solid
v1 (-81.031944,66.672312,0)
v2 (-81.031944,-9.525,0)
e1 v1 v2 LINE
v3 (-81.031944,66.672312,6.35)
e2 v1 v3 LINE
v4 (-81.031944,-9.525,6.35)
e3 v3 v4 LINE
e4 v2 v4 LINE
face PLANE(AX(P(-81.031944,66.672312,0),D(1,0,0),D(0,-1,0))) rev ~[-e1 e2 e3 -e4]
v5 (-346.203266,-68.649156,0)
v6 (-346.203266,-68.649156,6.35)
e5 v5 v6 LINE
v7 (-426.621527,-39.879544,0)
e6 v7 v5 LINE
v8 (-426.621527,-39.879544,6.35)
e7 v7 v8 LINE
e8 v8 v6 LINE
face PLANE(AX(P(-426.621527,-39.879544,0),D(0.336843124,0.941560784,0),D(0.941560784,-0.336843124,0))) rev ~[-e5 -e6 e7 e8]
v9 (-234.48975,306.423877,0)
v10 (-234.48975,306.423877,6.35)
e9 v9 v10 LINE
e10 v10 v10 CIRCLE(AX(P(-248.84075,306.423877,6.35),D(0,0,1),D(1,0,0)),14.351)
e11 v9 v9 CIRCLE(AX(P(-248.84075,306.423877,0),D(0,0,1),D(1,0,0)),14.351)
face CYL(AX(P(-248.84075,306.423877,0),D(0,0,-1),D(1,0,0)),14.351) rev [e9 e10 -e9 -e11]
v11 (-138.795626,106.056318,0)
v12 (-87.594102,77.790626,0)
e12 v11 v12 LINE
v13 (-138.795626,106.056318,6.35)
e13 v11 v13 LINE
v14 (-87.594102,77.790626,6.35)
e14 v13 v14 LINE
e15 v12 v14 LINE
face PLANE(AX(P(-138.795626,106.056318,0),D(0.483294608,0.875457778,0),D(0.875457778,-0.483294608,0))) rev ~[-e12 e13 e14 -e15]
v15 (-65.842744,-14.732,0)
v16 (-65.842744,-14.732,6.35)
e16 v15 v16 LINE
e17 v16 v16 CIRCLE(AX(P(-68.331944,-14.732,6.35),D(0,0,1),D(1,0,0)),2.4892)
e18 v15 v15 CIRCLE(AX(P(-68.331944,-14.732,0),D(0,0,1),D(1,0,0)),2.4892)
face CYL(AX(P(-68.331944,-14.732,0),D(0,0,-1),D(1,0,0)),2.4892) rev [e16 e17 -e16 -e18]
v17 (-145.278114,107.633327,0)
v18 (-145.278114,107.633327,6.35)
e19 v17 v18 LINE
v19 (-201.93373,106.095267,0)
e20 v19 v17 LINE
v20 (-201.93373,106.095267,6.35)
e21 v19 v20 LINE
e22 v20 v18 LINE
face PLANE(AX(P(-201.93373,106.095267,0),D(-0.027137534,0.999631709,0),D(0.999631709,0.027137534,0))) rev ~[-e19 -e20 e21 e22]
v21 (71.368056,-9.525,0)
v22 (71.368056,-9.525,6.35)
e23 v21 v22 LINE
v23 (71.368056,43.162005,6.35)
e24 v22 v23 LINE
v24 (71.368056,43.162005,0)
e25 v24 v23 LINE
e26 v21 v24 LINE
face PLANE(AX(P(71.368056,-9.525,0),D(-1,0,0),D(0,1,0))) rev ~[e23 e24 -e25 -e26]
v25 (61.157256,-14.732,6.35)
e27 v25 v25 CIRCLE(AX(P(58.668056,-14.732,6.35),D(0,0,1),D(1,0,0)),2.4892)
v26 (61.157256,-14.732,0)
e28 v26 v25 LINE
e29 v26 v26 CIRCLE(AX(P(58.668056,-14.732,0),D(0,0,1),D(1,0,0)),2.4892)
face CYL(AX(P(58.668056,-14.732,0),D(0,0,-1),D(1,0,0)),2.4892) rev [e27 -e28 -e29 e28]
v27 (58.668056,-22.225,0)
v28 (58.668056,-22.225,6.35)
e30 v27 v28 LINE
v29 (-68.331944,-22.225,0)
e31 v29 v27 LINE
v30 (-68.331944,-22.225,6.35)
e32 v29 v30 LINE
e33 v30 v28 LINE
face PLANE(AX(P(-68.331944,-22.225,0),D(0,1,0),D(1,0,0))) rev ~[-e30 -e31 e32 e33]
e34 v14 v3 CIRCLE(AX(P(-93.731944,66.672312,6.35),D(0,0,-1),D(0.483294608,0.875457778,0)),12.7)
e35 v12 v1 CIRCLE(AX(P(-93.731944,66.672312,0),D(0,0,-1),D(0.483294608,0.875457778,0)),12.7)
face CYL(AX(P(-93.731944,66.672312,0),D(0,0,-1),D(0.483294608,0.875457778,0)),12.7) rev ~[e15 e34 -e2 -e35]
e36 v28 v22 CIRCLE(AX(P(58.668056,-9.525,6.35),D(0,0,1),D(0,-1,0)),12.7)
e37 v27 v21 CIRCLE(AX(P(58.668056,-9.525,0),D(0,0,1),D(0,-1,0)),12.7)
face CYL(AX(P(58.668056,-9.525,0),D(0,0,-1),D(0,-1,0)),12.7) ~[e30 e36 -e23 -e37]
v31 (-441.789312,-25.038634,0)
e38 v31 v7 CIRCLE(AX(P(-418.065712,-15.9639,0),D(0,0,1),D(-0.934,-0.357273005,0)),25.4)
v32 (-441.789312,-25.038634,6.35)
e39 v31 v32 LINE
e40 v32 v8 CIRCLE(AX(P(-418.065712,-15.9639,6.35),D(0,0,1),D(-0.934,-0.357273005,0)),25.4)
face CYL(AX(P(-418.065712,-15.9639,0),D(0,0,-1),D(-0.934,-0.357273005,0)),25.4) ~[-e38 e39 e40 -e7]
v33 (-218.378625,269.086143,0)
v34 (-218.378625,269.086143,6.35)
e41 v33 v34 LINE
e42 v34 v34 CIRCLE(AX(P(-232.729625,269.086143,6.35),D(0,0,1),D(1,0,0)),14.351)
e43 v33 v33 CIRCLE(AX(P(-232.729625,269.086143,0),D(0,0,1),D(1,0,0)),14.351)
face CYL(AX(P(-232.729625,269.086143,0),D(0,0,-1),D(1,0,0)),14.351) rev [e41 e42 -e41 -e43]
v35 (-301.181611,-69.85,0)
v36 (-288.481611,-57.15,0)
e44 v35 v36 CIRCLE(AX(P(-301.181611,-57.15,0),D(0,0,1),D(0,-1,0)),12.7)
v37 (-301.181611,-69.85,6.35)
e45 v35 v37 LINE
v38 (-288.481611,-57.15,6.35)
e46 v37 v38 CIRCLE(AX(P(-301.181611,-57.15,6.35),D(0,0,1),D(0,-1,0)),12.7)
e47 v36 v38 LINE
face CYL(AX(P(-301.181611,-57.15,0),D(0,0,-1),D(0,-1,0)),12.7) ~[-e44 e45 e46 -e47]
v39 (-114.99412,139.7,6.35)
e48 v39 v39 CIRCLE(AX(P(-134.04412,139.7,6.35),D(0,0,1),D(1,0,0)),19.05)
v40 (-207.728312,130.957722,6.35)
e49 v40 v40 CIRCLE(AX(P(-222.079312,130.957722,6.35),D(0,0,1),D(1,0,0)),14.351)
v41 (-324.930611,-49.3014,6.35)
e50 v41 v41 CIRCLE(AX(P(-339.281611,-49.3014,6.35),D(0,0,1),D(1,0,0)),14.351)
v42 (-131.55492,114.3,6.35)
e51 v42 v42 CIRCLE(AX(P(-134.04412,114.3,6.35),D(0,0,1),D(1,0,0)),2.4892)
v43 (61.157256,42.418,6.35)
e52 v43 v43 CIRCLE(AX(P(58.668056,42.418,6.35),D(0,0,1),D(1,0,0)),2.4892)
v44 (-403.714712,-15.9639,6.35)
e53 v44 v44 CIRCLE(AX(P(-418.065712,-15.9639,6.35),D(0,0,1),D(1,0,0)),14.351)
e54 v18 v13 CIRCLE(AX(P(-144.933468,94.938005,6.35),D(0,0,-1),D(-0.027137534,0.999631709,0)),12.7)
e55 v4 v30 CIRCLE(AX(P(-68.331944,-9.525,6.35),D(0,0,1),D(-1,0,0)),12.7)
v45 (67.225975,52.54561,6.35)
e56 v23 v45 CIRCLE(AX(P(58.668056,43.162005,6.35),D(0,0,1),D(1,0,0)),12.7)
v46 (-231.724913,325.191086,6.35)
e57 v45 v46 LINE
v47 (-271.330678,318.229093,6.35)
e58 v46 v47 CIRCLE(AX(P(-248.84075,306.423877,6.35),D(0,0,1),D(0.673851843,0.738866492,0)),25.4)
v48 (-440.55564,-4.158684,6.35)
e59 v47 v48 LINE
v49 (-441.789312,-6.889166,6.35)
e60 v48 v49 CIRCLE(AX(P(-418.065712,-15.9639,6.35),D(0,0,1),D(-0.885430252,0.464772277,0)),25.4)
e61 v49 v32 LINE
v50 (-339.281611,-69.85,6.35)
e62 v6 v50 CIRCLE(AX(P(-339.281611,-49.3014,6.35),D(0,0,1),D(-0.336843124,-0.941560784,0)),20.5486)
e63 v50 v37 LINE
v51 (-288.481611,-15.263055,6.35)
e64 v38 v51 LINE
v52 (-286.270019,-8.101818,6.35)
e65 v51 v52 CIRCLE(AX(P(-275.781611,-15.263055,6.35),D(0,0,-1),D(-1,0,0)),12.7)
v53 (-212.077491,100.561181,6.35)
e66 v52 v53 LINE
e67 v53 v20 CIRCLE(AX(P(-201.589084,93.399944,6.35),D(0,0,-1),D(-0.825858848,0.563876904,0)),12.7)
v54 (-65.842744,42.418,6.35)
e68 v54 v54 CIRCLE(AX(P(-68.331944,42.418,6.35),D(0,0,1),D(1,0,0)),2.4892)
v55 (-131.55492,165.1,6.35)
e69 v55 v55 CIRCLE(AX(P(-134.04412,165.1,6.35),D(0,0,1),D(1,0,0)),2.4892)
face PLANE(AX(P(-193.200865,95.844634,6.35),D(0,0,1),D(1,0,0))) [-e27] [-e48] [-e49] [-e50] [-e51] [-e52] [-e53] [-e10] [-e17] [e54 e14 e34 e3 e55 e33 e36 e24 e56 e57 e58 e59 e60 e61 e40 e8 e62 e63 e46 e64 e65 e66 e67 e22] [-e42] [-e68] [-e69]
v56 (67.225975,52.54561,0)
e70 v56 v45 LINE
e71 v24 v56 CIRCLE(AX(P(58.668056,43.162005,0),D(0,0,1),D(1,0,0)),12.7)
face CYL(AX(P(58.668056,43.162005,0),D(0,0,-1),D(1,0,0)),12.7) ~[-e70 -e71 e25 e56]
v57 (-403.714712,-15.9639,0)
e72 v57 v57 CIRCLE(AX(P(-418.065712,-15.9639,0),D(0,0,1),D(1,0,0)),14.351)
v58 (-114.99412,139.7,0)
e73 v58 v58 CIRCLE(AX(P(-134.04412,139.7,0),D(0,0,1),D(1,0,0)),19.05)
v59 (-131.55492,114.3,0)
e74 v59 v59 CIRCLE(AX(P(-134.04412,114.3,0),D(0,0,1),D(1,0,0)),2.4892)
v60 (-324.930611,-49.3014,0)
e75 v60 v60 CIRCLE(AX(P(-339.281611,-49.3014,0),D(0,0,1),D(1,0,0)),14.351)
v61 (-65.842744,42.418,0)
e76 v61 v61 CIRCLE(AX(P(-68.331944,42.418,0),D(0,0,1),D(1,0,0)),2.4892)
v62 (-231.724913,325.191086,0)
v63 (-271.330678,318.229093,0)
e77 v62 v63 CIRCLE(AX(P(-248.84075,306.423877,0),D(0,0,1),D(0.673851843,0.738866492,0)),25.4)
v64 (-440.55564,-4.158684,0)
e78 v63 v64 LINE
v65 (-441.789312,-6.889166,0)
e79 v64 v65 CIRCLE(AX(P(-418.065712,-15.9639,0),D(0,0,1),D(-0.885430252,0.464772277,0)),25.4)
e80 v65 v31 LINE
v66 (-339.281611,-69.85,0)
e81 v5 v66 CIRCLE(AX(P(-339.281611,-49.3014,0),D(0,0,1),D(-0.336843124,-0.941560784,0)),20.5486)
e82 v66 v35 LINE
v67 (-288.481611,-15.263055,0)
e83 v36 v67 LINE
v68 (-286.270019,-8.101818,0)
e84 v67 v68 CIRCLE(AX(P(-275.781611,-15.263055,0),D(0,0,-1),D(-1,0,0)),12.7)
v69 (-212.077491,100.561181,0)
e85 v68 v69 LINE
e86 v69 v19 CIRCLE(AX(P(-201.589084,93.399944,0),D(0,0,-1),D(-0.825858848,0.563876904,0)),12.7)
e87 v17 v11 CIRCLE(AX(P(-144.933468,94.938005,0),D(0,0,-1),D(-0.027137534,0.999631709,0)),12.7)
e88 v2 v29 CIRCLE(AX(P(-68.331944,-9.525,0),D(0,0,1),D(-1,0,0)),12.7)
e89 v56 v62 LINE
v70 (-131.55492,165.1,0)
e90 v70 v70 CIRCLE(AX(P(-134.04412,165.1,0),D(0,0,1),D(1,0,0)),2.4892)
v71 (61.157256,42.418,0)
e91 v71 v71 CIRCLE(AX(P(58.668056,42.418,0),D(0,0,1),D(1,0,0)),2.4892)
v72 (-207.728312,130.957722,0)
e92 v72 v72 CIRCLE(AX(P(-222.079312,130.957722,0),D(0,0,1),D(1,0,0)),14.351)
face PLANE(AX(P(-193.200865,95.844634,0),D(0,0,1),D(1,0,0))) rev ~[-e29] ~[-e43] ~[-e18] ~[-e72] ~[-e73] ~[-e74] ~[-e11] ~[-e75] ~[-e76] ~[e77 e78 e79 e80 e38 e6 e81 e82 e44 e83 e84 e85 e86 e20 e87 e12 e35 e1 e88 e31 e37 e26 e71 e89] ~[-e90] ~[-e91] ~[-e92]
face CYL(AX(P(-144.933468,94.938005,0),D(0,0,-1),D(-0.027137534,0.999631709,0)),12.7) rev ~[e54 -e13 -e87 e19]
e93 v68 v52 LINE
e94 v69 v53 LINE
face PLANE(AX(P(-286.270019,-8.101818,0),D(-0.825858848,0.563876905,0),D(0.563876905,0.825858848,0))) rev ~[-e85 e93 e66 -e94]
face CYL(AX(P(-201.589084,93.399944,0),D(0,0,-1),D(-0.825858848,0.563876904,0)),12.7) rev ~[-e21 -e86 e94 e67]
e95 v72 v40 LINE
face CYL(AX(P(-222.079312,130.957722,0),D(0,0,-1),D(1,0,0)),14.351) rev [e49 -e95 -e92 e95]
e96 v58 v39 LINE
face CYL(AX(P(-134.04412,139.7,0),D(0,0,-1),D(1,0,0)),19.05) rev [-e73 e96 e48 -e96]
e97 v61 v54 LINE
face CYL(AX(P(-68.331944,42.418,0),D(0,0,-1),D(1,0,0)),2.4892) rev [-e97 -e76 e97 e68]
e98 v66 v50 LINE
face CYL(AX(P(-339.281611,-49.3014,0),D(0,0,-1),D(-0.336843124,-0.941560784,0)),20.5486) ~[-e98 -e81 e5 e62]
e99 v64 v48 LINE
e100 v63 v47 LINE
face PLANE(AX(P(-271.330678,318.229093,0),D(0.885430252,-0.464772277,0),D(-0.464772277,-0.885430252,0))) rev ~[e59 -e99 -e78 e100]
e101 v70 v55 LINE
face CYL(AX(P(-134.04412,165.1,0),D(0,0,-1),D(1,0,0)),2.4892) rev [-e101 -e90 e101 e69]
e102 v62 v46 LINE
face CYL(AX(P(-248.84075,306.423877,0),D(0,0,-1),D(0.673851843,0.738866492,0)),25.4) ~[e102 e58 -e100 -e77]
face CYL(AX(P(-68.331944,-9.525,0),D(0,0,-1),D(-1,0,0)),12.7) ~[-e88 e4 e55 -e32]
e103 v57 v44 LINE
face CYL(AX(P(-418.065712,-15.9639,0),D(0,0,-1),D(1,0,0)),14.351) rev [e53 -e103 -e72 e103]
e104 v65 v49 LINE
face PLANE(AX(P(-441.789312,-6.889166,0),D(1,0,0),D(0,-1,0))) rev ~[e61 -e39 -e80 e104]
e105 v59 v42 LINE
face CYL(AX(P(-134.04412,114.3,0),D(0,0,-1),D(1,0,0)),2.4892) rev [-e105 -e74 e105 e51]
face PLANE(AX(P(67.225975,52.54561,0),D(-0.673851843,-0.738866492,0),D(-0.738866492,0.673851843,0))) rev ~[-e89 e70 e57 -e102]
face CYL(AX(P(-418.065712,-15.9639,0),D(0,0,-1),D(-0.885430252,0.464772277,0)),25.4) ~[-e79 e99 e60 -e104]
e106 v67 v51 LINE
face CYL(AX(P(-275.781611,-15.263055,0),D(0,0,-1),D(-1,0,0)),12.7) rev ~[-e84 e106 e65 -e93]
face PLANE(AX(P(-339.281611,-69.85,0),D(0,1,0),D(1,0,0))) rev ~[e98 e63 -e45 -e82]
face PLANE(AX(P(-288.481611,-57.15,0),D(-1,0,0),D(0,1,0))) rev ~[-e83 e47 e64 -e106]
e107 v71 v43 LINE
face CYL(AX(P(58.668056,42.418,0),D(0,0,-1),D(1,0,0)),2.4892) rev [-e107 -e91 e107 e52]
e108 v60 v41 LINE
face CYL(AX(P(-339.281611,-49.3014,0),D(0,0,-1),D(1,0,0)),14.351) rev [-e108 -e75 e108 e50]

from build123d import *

# Parameters (mm, degrees)
MODEL_R             = 2.4892
MODEL_R_2           = 14.351
MODEL_R_3           = 19.05
BOSS_EXTRUDE1_DEPTH = 6.35


with BuildPart() as part:
    # Model → Boss-Extrude1 (new body)
    with BuildSketch(Plane.XY):
        with BuildLine():
            Line((-441.789312, -6.889165677), (-441.789312, -25.038634323))
            ThreePointArc((-441.789312, -25.038634323), (-435.829532347, -34.118973304), (-426.62152736, -39.879543908))
            Line((-426.62152736, -39.879543908), (-346.203265936, -68.649155922))
            ThreePointArc((-346.203265936, -68.649155922), (-342.794136372, -69.547563331), (-339.28161131, -69.85))
            Line((-339.28161131, -69.85), (-301.18161131, -69.85))
            ThreePointArc((-301.18161131, -69.85), (-292.201355189, -66.130256121), (-288.48161131, -57.15))
            Line((-288.48161131, -57.15), (-288.48161131, -15.263054603))
            ThreePointArc((-288.48161131, -15.263054603), (-287.916123528, -11.515573687), (-286.270018677, -8.101817916))
            Line((-286.270018677, -8.101817916), (-212.077490922, 100.561181044))
            ThreePointArc((-212.077490922, 100.561181044), (-207.671459082, 104.548698007), (-201.933730241, 106.095267065))
            Line((-201.933730241, 106.095267065), (-145.278114328, 107.633327242))
            ThreePointArc((-145.278114328, 107.633327242), (-141.931465661, 107.278101134), (-138.795626118, 106.056318319))
            Line((-138.795626118, 106.056318319), (-87.594102076, 77.790625657))
            ThreePointArc((-87.594102076, 77.790625657), (-82.794837325, 73.127519562), (-81.0319436, 66.672311872))
            Line((-81.0319436, 66.672311872), (-81.0319436, -9.525))
            ThreePointArc((-81.0319436, -9.525), (-77.312199721, -18.505256121), (-68.3319436, -22.225))
            Line((-68.3319436, -22.225), (58.6680564, -22.225))
            ThreePointArc((58.6680564, -22.225), (67.648312521, -18.505256121), (71.3680564, -9.525))
            Line((71.3680564, -9.525), (71.3680564, 43.162005366))
            ThreePointArc((71.3680564, 43.162005366), (70.286480643, 48.290574182), (67.225974809, 52.545609817))
            Line((67.225974809, 52.545609817), (-231.724912696, 325.191085975))
            ThreePointArc((-231.724912696, 325.191085975), (-253.238197861, 331.440320626), (-271.33067791, 318.229092902))
            Line((-271.33067791, 318.229092902), (-440.555640395, -4.158684171))
            ThreePointArc((-440.555640395, -4.158684171), (-441.212773023, -5.505718227), (-441.789312, -6.889165677))
        make_face()
        with Locations((58.6680564, 42.418)):
            Circle(MODEL_R, mode=Mode.SUBTRACT)
        with Locations((-248.840749515, 306.423877073)):
            Circle(MODEL_R_2, mode=Mode.SUBTRACT)
        with Locations((-232.729624751, 269.086142594)):
            Circle(MODEL_R_2, mode=Mode.SUBTRACT)
        with Locations((-134.044120223, 165.1)):
            Circle(MODEL_R, mode=Mode.SUBTRACT)
        with Locations((-68.3319436, 42.418)):
            Circle(MODEL_R, mode=Mode.SUBTRACT)
        with Locations((-134.044120223, 114.3)):
            Circle(MODEL_R, mode=Mode.SUBTRACT)
        with Locations((58.6680564, -14.732)):
            Circle(MODEL_R, mode=Mode.SUBTRACT)
        with Locations((-339.28161131, -49.3014)):
            Circle(MODEL_R_2, mode=Mode.SUBTRACT)
        with Locations((-418.065712, -15.9639)):
            Circle(MODEL_R_2, mode=Mode.SUBTRACT)
        with Locations((-222.079312, 130.957722259)):
            Circle(MODEL_R_2, mode=Mode.SUBTRACT)
        with Locations((-134.044120223, 139.7)):
            Circle(MODEL_R_3, mode=Mode.SUBTRACT)
        with Locations((-68.3319436, -14.732)):
            Circle(MODEL_R, mode=Mode.SUBTRACT)
    extrude(amount=BOSS_EXTRUDE1_DEPTH)


solid = part.part
